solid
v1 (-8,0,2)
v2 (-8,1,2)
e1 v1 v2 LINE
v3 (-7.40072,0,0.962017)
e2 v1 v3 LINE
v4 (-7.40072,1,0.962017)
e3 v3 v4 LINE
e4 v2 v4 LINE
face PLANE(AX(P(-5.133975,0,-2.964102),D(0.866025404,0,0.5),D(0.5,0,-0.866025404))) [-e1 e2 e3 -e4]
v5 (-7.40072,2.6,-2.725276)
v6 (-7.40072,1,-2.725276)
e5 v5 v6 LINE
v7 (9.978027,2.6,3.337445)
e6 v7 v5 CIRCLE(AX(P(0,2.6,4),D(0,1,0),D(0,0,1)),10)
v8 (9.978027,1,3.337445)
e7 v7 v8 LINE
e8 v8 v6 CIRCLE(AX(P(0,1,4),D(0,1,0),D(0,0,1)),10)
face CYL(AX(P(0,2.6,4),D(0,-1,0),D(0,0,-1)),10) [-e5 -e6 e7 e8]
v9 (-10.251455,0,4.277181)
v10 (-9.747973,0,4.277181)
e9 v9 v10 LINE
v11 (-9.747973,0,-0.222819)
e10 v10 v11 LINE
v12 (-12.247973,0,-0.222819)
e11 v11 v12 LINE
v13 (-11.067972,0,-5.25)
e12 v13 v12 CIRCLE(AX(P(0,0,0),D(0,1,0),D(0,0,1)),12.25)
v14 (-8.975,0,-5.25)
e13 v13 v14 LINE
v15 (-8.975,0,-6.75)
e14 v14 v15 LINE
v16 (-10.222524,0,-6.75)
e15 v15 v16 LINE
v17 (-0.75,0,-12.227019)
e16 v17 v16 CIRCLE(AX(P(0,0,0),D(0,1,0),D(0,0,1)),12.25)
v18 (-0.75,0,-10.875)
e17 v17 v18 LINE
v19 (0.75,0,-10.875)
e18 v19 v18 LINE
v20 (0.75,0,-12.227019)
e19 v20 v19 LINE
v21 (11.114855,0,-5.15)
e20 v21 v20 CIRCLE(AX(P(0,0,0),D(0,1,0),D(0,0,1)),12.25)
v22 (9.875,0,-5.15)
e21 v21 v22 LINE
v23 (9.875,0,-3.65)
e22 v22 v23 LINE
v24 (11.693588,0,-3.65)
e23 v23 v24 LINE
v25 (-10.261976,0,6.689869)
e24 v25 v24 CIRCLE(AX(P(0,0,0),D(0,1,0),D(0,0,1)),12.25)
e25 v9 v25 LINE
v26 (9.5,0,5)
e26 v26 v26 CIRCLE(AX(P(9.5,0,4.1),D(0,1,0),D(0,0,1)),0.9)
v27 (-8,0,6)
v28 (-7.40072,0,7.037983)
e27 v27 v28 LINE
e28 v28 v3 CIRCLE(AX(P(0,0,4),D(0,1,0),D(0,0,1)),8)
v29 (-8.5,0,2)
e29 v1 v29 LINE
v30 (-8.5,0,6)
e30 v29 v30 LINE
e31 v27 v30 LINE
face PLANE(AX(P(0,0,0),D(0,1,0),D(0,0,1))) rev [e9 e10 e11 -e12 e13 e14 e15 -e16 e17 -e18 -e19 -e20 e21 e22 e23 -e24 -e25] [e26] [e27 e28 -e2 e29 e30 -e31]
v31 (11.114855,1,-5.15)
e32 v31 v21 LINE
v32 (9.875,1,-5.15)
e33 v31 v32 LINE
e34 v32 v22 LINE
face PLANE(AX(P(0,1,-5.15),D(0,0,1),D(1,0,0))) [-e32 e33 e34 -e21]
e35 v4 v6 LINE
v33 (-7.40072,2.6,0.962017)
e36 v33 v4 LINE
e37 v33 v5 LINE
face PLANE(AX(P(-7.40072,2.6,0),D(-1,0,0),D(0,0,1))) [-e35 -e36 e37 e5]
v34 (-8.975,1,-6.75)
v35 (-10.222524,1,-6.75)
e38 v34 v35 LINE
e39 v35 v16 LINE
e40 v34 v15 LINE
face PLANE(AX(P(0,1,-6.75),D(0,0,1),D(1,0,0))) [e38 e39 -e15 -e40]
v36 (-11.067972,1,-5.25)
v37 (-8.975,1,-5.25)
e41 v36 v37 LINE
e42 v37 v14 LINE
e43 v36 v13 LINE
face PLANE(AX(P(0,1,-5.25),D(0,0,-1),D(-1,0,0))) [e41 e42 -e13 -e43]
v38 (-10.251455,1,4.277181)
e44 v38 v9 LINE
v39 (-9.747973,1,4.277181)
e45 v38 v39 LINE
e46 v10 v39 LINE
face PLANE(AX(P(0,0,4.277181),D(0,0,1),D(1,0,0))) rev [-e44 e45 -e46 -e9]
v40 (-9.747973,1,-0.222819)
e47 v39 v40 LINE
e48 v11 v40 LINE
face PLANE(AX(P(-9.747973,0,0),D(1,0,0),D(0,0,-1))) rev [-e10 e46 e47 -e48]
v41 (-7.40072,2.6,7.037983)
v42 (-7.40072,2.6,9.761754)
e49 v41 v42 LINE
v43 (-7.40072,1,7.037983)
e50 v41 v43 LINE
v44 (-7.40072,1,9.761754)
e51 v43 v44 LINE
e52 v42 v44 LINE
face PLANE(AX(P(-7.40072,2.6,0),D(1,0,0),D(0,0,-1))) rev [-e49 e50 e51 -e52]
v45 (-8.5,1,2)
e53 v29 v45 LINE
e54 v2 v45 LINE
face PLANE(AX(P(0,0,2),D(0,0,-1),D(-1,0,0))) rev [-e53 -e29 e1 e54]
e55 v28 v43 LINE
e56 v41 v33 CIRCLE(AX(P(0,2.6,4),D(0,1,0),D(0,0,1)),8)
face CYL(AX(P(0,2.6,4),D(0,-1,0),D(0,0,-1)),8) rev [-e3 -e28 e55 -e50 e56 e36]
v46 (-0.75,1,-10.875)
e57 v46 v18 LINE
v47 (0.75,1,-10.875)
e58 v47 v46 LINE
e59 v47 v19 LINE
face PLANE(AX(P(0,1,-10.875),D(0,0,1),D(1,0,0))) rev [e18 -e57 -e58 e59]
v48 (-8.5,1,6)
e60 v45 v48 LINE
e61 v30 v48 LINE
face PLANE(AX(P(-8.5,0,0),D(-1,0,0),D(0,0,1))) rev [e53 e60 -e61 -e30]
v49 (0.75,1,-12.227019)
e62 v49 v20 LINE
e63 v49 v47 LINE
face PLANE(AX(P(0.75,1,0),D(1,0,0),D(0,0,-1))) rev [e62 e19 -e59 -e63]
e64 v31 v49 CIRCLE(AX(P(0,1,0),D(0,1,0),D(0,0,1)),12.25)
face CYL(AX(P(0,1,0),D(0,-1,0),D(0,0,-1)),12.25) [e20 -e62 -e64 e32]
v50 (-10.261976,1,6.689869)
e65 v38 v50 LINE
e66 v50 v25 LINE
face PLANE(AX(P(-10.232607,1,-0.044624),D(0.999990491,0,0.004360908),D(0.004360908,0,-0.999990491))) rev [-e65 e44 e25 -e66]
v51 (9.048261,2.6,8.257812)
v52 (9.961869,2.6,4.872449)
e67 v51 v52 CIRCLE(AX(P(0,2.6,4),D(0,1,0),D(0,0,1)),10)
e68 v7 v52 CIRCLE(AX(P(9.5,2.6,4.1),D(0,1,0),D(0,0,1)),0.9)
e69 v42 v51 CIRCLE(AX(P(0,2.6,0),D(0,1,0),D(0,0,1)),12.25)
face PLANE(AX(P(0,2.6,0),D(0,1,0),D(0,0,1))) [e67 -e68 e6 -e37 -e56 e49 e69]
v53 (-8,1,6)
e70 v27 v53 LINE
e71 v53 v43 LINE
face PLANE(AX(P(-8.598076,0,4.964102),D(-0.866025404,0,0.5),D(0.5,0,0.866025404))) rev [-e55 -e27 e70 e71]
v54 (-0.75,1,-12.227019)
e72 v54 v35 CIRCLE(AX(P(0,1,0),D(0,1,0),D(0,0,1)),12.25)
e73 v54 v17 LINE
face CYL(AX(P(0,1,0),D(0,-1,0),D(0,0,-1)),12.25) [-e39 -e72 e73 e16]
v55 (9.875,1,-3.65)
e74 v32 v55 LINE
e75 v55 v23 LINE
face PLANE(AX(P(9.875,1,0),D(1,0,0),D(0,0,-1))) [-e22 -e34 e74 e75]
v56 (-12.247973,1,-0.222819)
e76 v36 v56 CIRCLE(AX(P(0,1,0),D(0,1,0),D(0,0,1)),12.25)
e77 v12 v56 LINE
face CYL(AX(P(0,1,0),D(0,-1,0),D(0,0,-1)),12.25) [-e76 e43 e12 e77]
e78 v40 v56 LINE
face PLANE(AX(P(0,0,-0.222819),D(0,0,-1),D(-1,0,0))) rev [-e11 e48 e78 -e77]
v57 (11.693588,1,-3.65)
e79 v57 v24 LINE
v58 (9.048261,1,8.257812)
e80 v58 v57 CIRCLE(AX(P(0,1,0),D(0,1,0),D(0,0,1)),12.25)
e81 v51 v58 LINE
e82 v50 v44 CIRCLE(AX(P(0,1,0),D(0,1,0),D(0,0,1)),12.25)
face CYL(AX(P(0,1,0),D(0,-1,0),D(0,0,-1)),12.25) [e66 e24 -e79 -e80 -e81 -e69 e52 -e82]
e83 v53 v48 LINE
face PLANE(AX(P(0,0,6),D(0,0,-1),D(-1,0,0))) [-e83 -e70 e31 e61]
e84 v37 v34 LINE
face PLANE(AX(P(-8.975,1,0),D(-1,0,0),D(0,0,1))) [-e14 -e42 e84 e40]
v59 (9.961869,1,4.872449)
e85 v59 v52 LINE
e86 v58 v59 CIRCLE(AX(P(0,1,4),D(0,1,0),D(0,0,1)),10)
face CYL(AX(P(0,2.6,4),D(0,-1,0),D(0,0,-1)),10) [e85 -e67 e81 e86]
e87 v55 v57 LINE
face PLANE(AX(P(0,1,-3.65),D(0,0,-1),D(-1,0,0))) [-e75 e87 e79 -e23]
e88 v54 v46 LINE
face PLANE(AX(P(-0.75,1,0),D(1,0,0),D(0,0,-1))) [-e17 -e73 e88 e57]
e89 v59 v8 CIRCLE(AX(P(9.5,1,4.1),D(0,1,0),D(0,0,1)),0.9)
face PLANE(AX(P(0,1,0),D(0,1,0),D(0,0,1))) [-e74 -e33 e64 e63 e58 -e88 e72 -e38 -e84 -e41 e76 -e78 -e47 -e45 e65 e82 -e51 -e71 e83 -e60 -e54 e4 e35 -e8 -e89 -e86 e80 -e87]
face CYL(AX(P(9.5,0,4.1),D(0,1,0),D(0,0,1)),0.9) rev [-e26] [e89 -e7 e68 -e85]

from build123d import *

# Parameters (mm, degrees)
BOSS_EXTRUDE1_DEPTH     = 1
BOSS_EXTRUDE2_DEPTH     = 1.6
CUT_EXTRUDE1_DEPTH      = 18.397844694
CUT_EXTRUDE1_DEPTH_BACK = 18.397844694
SKETCH2_R               = 0.9


with BuildPart() as part:
    # Sketch1 → Boss-Extrude1 (new body)
    with BuildSketch(Plane(origin=(0, 0, 0), x_dir=(1, 0, 0), z_dir=(0, 1, 0))):
        with BuildLine():
            Line((-0.75, 10.875), (-0.75, 12.227019261))
            ThreePointArc((-0.75, 12.227019261), (-6.131762108, 10.604904217), (-10.22252415, 6.75))
            Line((-10.22252415, 6.75), (-8.975, 6.75))
            Line((-8.975, 6.75), (-8.975, 5.25))
            Line((-8.975, 5.25), (-11.067971811, 5.25))
            ThreePointArc((-11.067971811, 5.25), (-12.238613585, 0.52805067), (-11.479034226, -4.277180525))
            Line((-11.479034226, -4.277180525), (-10.251454559, -4.277180525))
            Line((-10.251454559, -4.277180525), (-10.261976171, -6.689868838))
            ThreePointArc((-10.261976171, -6.689868838), (5.21925282, -11.08250423), (11.693587987, 3.65))
            Line((11.693587987, 3.65), (9.875, 3.65))
            Line((9.875, 3.65), (9.875, 5.15))
            Line((9.875, 5.15), (11.114854925, 5.15))
            ThreePointArc((11.114854925, 5.15), (6.90758612, 10.116706678), (0.75, 12.227019261))
            Line((0.75, 12.227019261), (0.75, 10.875))
            Line((0.75, 10.875), (-0.75, 10.875))
        make_face()
    extrude(amount=BOSS_EXTRUDE1_DEPTH)

    # Sketch3 → Boss-Extrude2 (add)
    with BuildSketch(Plane(origin=(0, 1, 0), x_dir=(1, 0, 0), z_dir=(0, 1, 0))):
        with BuildLine():
            Line((-7.400720069, 2.725276386), (-7.400720069, -0.962016711))
            ThreePointArc((-7.400720069, -0.962016711), (1.548263455, 3.848750237), (8, -4))
            ThreePointArc((8, -4), (1.548263455, -11.848750237), (-7.400720069, -7.037983289))
            Line((-7.400720069, -7.037983289), (-7.400720069, -9.761754067))
            ThreePointArc((-7.400720069, -9.761754067), (1.115373522, -12.19911644), (9.048261309, -8.2578125))
            ThreePointArc((9.048261309, -8.2578125), (9.759165259, -6.181442975), (10, -4))
            ThreePointArc((10, -4), (3.605051963, 5.32757205), (-7.400720069, 2.725276386))
        make_face()
    extrude(amount=BOSS_EXTRUDE2_DEPTH)

    # Sketch2 → Cut-Extrude1 (cut, two sides: drawn at the far end of the back side and taken through both)
    with BuildSketch(Plane(origin=(0, 1, 0), x_dir=(1, 0, 0), z_dir=(0, 1, 0)).offset(-CUT_EXTRUDE1_DEPTH_BACK)):
        with BuildLine():
            Line((-11.479034226, -4.277180525), (-9.747973362, -4.277180525))
            Line((-9.747973362, -4.277180525), (-9.747973362, 0.222819475))
            Line((-9.747973362, 0.222819475), (-12.247973362, 0.222819475))
            ThreePointArc((-12.247973362, 0.222819475), (-12.074983324, -2.063317167), (-11.479034226, -4.277180525))
        make_face()
        with BuildLine():
            ThreePointArc((-7.400720069, -7.037983289), (8, -4), (-7.400720069, -0.962016711))
            Line((-7.400720069, -0.962016711), (-8, -2))
            Line((-8, -2), (-8.5, -2))
            Line((-8.5, -2), (-8.5, -6))
            Line((-8.5, -6), (-8, -6))
            Line((-8, -6), (-7.400720069, -7.037983289))
        make_face()
        with Locations(Location((9.5, -4.1, 0), (0, 0, 270))):
            Circle(SKETCH2_R)
    extrude(amount=CUT_EXTRUDE1_DEPTH + CUT_EXTRUDE1_DEPTH_BACK, mode=Mode.SUBTRACT)


solid = part.part
